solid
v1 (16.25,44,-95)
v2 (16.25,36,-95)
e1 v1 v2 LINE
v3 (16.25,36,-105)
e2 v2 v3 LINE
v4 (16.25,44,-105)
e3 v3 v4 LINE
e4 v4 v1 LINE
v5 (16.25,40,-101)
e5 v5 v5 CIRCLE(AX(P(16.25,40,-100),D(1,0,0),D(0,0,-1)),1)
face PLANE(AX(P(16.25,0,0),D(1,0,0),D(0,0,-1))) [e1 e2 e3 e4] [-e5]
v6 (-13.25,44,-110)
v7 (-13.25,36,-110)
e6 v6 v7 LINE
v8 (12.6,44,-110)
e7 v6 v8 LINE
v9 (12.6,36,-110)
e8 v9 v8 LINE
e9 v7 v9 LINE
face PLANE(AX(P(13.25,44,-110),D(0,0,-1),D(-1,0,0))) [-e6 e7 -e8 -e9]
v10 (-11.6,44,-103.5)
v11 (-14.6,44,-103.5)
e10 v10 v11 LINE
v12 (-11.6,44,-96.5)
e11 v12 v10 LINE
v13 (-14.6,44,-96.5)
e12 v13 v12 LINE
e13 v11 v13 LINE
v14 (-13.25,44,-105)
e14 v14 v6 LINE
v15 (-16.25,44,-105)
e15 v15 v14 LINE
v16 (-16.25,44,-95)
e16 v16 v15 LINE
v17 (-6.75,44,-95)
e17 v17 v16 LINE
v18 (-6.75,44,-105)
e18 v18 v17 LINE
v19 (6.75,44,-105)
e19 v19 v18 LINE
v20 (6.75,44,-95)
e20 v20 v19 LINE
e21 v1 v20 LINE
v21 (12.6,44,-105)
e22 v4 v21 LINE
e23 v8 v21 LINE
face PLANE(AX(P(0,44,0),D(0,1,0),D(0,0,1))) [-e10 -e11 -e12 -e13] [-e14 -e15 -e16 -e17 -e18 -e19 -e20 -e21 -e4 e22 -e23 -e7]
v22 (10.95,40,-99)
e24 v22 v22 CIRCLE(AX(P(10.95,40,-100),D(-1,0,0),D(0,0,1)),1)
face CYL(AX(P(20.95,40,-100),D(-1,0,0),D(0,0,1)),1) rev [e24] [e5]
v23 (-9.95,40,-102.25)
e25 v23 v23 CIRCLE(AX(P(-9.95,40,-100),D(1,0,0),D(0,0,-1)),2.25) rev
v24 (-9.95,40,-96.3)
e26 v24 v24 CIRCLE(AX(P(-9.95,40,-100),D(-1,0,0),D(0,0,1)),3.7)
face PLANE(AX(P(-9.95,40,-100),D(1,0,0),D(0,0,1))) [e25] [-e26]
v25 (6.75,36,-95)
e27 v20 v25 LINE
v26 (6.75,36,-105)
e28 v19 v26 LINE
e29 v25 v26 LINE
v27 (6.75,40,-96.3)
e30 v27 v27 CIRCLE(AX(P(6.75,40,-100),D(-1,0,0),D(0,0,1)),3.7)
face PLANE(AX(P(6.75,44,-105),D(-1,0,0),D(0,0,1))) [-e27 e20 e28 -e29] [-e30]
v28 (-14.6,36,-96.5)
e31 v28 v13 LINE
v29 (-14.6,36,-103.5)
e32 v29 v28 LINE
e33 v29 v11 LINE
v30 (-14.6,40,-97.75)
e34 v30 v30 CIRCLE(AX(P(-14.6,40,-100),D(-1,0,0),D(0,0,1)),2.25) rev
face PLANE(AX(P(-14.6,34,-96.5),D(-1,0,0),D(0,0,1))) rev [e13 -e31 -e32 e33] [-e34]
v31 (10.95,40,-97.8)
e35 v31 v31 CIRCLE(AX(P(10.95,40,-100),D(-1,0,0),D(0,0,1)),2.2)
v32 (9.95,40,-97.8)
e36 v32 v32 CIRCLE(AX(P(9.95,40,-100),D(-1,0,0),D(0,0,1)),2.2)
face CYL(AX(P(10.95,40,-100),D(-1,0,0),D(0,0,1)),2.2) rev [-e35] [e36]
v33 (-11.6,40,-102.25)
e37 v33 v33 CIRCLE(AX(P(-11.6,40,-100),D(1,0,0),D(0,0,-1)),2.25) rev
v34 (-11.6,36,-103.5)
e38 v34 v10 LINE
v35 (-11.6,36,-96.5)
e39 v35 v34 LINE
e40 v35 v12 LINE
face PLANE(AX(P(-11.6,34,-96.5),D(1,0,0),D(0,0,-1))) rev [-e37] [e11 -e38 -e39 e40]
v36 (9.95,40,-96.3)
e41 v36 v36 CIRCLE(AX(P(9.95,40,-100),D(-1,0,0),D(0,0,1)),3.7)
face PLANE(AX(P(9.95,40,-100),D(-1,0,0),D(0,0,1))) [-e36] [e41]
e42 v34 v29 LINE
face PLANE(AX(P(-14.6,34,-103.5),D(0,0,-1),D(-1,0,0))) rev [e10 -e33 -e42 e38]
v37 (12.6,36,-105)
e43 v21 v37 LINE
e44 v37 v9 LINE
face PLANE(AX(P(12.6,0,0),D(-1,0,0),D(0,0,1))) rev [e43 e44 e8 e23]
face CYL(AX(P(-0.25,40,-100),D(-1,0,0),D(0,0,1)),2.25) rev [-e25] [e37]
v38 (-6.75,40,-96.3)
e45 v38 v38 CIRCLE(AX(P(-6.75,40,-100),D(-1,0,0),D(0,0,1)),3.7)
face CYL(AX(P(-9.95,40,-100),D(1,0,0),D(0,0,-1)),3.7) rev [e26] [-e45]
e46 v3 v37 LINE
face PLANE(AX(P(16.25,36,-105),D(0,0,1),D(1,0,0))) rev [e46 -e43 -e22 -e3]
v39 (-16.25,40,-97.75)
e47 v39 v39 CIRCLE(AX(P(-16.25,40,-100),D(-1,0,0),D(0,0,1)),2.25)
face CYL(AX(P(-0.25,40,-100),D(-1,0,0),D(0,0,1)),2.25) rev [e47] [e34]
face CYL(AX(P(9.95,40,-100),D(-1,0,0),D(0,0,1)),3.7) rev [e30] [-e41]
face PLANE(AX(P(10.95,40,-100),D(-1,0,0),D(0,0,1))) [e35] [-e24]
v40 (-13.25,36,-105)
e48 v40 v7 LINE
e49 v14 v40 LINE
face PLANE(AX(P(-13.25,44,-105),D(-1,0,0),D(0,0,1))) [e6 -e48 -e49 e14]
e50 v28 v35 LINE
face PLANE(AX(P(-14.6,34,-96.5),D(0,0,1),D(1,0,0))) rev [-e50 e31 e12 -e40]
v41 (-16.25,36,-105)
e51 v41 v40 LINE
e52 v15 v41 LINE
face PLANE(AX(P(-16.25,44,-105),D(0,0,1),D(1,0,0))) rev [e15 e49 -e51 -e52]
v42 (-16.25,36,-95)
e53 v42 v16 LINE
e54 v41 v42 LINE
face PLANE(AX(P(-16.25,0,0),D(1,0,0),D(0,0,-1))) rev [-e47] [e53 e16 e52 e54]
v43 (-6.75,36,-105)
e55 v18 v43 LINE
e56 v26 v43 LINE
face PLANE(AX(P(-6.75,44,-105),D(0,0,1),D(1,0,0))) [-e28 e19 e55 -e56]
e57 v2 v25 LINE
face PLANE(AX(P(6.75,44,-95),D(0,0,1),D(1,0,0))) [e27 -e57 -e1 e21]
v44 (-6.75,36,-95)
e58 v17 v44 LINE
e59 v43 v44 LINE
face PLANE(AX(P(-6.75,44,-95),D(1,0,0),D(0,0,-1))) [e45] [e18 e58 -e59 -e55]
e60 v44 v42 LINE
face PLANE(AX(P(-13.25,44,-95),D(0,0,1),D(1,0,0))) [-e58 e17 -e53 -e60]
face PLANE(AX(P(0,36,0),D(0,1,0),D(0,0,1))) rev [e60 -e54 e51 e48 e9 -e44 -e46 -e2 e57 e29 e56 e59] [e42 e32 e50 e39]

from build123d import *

# Parameters (mm, degrees)
SHAPE_DEPTH                   = 4
SHAPE_DEPTH_BACK              = 4
ESQUISSE19_R                  = 2.25
HOLEAXE_MOTOR_DEPTH           = 13
ESQUISSE20_R                  = 3.7
HOLEBEARING_MOTOR_DEPTH       = 3.2
ESQUISSE21_R                  = 2.2
ENTRETOISEBEARING_MOTOR_DEPTH = 1
EXT_MOTOR_START               = 3
ESQUISSE22_W                  = 10
ESQUISSE22_H                  = 8
ESQUISSE22_R                  = 2.25
EXT_MOTOR_DEPTH               = 3
ESQUISSE23_W                  = 3
ESQUISSE23_H                  = 7
HOLESCREWLESS_MOTOR_DEPTH     = 10
ESQUISSE24_W                  = 10
ESQUISSE24_H                  = 8
BOSS_EXTRU_1_DEPTH            = 3
ESQUISSE25_W                  = 5
ESQUISSE25_H                  = 8
ADJUSTMENT_ATTACH_DEPTH       = 0.65
ESQUISSE26_R                  = 1
REMOVE_HELPER_DEPTH           = 10


with BuildPart() as part:
    # Esquisse17 → Shape (new, two sides: drawn at the far end of the back side and taken through both)
    with BuildSketch(Plane(origin=(0, 40, 0), x_dir=(-1, 0, 0), z_dir=(0, -1, 0)).offset(-SHAPE_DEPTH_BACK)):
        Polygon((13.25, 105), (13.25, 95), (6.75, 95), (6.75, 105), (-6.75, 105), (-6.75, 95), (-13.25, 95), (-13.25, 105), (-13.25, 110), (13.25, 110), align=None)
    extrude(amount=SHAPE_DEPTH + SHAPE_DEPTH_BACK)

    # Esquisse19 → HoleAxe_motor (cut)
    with BuildSketch(Plane.ZY.offset(13.25)):
        with Locations((-100, 40)):
            Circle(ESQUISSE19_R)
    extrude(amount=-HOLEAXE_MOTOR_DEPTH, mode=Mode.SUBTRACT)

    # Esquisse20 → HoleBearing_motor (cut)
    with BuildSketch(Plane.ZY.offset(-6.75)):
        with Locations((-100, 40)):
            Circle(ESQUISSE20_R)
    holebearing_motor = extrude(amount=-HOLEBEARING_MOTOR_DEPTH, mode=Mode.SUBTRACT)

    # Symétrie3: HoleBearing_motor across plane
    add(holebearing_motor.mirror(Plane(origin=(0, 0, 0), x_dir=(0, 0, 1), z_dir=(1, 0, 0))), mode=Mode.SUBTRACT)

    # Esquisse21 → entretoiseBearing_motor (cut)
    with BuildSketch(Plane.ZY.offset(-9.95)):
        with Locations((-100, 40)):
            Circle(ESQUISSE21_R)
    extrude(amount=-ENTRETOISEBEARING_MOTOR_DEPTH, mode=Mode.SUBTRACT)

    # Esquisse22 → Ext_motor (add)
    with BuildSketch(Plane.ZY.offset(13.25).offset(EXT_MOTOR_START)):
        with Locations((-100, 40)):
            Rectangle(ESQUISSE22_W, ESQUISSE22_H)
        with Locations((-100, 40)):
            Circle(ESQUISSE22_R, mode=Mode.SUBTRACT)
    extrude(amount=-EXT_MOTOR_DEPTH)

    # Esquisse23 → HoleScrewLess_motor (cut)
    with BuildSketch(Plane(origin=(0, 44, 0), x_dir=(1, 0, 0), z_dir=(0, 1, 0))):
        with Locations((-13.1, 100)):
            Rectangle(ESQUISSE23_W, ESQUISSE23_H)
    extrude(amount=-HOLESCREWLESS_MOTOR_DEPTH, mode=Mode.SUBTRACT)

    # Esquisse24 → Boss.-Extru.1 (add)
    with BuildSketch(Plane(origin=(13.25, 0, 0), x_dir=(0, 0, -1), z_dir=(1, 0, 0))):
        with Locations((100, 40)):
            Rectangle(ESQUISSE24_W, ESQUISSE24_H)
    extrude(amount=BOSS_EXTRU_1_DEPTH)

    # Esquisse25 → Adjustment attach (cut)
    with BuildSketch(Plane(origin=(13.25, 0, 0), x_dir=(0, 0, -1), z_dir=(1, 0, 0))):
        with Locations((107.5, 40)):
            Rectangle(ESQUISSE25_W, ESQUISSE25_H)
    extrude(amount=-ADJUSTMENT_ATTACH_DEPTH, mode=Mode.SUBTRACT)

    # Esquisse26 → Remove helper (cut)
    with BuildSketch(Plane.ZY.offset(-10.95)):
        with Locations((-100, 40)):
            Circle(ESQUISSE26_R)
    extrude(amount=-REMOVE_HELPER_DEPTH, mode=Mode.SUBTRACT)


solid = part.part
